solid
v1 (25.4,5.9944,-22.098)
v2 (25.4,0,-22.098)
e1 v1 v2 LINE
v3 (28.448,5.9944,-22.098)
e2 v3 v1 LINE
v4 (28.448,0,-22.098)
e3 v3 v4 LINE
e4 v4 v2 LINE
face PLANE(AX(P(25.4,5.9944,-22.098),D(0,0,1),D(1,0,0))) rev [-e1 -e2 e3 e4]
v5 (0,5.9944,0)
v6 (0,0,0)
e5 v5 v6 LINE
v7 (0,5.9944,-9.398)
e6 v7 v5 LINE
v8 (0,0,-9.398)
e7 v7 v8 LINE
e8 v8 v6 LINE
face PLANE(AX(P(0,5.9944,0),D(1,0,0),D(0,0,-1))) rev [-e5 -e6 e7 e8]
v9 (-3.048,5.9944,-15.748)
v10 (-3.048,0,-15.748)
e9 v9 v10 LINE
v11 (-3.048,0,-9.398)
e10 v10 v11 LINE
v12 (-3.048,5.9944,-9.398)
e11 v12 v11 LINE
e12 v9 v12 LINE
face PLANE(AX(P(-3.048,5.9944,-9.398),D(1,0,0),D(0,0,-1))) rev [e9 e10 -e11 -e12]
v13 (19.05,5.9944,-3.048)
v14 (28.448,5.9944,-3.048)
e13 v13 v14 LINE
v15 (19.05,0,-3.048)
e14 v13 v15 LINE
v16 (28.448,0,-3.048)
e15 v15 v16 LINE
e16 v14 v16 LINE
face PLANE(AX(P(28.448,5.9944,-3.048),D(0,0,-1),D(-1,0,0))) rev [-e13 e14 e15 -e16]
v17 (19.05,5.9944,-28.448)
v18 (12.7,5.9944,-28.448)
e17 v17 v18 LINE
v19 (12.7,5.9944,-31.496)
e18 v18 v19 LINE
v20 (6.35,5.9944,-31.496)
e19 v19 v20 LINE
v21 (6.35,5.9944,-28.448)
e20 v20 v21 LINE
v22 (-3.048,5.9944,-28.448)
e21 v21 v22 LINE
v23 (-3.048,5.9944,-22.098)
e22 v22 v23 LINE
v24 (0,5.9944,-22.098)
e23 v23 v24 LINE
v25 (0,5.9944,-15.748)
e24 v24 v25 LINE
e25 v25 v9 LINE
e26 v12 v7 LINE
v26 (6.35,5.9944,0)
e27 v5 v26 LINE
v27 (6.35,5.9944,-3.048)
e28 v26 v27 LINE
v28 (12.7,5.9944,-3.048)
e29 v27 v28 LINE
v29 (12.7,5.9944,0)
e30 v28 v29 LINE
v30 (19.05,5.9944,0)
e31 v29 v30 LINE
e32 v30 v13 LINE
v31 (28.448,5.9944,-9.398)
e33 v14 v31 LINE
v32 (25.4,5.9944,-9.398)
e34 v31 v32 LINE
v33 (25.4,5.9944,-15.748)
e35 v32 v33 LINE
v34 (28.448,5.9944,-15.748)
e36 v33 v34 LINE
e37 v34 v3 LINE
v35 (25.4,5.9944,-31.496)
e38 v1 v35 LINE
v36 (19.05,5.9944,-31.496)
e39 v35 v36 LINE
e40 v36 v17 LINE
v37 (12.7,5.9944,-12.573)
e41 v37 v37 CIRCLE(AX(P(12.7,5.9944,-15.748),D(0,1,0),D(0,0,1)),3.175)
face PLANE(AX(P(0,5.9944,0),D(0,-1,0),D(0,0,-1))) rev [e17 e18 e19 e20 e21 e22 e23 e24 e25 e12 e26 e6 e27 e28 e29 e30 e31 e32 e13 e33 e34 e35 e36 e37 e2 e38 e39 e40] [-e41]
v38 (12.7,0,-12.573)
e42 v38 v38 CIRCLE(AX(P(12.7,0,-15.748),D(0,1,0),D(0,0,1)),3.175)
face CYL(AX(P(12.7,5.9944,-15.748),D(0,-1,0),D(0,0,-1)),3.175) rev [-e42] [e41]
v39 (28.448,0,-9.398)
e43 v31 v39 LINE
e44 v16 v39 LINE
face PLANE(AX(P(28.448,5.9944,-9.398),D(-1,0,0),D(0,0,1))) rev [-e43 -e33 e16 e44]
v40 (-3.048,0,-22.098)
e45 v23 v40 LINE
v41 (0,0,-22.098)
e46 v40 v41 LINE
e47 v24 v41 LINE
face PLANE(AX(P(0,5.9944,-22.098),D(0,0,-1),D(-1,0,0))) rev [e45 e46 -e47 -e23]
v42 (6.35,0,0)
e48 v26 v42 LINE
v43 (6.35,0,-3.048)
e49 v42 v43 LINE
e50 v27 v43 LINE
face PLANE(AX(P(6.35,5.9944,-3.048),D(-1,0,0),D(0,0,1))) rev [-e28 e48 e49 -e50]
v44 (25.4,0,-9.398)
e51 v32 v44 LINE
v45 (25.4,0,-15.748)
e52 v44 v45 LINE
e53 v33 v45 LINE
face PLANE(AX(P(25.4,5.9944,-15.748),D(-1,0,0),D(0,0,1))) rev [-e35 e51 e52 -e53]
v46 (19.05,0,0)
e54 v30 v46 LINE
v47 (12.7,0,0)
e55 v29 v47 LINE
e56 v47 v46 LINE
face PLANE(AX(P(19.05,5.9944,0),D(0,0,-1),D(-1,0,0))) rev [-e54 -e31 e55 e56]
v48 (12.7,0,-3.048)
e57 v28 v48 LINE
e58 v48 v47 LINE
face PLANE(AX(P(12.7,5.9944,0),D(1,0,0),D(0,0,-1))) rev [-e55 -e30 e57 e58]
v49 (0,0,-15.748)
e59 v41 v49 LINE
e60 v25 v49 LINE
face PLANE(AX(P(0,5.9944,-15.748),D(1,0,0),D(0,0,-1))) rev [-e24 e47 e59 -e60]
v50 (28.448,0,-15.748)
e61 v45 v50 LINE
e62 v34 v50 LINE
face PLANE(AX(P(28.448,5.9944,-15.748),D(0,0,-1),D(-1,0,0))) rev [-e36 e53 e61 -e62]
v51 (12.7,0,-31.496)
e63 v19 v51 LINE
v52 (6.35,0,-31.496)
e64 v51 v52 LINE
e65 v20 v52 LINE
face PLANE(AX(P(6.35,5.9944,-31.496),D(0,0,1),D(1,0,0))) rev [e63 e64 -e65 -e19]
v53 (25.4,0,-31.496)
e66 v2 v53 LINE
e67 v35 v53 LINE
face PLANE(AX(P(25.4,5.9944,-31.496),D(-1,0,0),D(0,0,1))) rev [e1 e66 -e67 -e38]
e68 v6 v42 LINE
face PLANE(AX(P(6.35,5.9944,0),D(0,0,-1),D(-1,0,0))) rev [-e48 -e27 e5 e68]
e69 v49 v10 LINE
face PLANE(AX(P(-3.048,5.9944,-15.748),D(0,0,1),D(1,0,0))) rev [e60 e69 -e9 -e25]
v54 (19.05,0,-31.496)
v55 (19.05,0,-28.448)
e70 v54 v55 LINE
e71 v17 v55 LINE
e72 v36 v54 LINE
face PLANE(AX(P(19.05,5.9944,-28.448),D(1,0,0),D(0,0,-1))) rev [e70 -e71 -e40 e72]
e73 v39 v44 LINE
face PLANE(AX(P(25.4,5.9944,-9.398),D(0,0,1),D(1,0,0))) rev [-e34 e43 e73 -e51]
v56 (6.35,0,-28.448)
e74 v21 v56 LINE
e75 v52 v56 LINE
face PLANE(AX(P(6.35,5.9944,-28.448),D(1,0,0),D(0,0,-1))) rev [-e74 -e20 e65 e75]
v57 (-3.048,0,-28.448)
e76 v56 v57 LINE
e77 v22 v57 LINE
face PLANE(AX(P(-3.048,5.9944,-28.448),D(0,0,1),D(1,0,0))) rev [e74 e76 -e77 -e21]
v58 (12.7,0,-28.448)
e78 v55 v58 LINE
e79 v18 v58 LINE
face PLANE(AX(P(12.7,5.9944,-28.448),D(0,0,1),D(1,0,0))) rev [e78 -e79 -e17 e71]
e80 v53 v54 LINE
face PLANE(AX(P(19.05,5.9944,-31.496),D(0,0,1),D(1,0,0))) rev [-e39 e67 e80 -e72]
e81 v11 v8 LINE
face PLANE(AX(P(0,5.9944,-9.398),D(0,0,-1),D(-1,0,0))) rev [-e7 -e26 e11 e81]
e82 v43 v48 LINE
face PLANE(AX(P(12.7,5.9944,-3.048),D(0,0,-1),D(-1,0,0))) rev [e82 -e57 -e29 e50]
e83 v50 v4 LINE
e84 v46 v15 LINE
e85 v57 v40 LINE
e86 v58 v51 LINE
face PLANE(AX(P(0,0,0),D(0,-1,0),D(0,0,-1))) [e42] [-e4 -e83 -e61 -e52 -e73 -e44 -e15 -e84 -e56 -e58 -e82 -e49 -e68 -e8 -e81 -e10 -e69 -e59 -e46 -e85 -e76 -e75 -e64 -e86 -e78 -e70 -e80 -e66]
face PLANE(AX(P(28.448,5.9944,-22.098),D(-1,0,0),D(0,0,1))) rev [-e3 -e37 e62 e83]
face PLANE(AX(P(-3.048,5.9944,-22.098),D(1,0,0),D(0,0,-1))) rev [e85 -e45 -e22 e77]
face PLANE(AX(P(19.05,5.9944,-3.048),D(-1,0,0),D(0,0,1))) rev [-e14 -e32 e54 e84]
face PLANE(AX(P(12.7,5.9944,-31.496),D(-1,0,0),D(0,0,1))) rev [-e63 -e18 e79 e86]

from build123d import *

# Parameters (mm, degrees)
SKETCH1_R           = 3.175
BOSS_EXTRUDE1_DEPTH = 5.9944


with BuildPart() as part:
    # Sketch1 → Boss-Extrude1 (new body)
    with BuildSketch(Plane(origin=(0, 0, 0), x_dir=(1, 0, 0), z_dir=(0, 1, 0))):
        Polygon((28.448, 3.048), (19.05, 3.048), (19.05, 0), (12.7, 0), (12.7, 3.048), (6.35, 3.048), (6.35, 0), (0, 0), (0, 9.398), (-3.048, 9.398), (-3.048, 15.748), (0, 15.748), (0, 22.098), (-3.048, 22.098), (-3.048, 28.448), (6.35, 28.448), (6.35, 31.496), (12.7, 31.496), (12.7, 28.448), (19.05, 28.448), (19.05, 31.496), (25.4, 31.496), (25.4, 22.098), (28.448, 22.098), (28.448, 15.748), (25.4, 15.748), (25.4, 9.398), (28.448, 9.398), align=None)
        with Locations((12.7, 15.748)):
            Circle(SKETCH1_R, mode=Mode.SUBTRACT)
    extrude(amount=BOSS_EXTRUDE1_DEPTH)


solid = part.part
